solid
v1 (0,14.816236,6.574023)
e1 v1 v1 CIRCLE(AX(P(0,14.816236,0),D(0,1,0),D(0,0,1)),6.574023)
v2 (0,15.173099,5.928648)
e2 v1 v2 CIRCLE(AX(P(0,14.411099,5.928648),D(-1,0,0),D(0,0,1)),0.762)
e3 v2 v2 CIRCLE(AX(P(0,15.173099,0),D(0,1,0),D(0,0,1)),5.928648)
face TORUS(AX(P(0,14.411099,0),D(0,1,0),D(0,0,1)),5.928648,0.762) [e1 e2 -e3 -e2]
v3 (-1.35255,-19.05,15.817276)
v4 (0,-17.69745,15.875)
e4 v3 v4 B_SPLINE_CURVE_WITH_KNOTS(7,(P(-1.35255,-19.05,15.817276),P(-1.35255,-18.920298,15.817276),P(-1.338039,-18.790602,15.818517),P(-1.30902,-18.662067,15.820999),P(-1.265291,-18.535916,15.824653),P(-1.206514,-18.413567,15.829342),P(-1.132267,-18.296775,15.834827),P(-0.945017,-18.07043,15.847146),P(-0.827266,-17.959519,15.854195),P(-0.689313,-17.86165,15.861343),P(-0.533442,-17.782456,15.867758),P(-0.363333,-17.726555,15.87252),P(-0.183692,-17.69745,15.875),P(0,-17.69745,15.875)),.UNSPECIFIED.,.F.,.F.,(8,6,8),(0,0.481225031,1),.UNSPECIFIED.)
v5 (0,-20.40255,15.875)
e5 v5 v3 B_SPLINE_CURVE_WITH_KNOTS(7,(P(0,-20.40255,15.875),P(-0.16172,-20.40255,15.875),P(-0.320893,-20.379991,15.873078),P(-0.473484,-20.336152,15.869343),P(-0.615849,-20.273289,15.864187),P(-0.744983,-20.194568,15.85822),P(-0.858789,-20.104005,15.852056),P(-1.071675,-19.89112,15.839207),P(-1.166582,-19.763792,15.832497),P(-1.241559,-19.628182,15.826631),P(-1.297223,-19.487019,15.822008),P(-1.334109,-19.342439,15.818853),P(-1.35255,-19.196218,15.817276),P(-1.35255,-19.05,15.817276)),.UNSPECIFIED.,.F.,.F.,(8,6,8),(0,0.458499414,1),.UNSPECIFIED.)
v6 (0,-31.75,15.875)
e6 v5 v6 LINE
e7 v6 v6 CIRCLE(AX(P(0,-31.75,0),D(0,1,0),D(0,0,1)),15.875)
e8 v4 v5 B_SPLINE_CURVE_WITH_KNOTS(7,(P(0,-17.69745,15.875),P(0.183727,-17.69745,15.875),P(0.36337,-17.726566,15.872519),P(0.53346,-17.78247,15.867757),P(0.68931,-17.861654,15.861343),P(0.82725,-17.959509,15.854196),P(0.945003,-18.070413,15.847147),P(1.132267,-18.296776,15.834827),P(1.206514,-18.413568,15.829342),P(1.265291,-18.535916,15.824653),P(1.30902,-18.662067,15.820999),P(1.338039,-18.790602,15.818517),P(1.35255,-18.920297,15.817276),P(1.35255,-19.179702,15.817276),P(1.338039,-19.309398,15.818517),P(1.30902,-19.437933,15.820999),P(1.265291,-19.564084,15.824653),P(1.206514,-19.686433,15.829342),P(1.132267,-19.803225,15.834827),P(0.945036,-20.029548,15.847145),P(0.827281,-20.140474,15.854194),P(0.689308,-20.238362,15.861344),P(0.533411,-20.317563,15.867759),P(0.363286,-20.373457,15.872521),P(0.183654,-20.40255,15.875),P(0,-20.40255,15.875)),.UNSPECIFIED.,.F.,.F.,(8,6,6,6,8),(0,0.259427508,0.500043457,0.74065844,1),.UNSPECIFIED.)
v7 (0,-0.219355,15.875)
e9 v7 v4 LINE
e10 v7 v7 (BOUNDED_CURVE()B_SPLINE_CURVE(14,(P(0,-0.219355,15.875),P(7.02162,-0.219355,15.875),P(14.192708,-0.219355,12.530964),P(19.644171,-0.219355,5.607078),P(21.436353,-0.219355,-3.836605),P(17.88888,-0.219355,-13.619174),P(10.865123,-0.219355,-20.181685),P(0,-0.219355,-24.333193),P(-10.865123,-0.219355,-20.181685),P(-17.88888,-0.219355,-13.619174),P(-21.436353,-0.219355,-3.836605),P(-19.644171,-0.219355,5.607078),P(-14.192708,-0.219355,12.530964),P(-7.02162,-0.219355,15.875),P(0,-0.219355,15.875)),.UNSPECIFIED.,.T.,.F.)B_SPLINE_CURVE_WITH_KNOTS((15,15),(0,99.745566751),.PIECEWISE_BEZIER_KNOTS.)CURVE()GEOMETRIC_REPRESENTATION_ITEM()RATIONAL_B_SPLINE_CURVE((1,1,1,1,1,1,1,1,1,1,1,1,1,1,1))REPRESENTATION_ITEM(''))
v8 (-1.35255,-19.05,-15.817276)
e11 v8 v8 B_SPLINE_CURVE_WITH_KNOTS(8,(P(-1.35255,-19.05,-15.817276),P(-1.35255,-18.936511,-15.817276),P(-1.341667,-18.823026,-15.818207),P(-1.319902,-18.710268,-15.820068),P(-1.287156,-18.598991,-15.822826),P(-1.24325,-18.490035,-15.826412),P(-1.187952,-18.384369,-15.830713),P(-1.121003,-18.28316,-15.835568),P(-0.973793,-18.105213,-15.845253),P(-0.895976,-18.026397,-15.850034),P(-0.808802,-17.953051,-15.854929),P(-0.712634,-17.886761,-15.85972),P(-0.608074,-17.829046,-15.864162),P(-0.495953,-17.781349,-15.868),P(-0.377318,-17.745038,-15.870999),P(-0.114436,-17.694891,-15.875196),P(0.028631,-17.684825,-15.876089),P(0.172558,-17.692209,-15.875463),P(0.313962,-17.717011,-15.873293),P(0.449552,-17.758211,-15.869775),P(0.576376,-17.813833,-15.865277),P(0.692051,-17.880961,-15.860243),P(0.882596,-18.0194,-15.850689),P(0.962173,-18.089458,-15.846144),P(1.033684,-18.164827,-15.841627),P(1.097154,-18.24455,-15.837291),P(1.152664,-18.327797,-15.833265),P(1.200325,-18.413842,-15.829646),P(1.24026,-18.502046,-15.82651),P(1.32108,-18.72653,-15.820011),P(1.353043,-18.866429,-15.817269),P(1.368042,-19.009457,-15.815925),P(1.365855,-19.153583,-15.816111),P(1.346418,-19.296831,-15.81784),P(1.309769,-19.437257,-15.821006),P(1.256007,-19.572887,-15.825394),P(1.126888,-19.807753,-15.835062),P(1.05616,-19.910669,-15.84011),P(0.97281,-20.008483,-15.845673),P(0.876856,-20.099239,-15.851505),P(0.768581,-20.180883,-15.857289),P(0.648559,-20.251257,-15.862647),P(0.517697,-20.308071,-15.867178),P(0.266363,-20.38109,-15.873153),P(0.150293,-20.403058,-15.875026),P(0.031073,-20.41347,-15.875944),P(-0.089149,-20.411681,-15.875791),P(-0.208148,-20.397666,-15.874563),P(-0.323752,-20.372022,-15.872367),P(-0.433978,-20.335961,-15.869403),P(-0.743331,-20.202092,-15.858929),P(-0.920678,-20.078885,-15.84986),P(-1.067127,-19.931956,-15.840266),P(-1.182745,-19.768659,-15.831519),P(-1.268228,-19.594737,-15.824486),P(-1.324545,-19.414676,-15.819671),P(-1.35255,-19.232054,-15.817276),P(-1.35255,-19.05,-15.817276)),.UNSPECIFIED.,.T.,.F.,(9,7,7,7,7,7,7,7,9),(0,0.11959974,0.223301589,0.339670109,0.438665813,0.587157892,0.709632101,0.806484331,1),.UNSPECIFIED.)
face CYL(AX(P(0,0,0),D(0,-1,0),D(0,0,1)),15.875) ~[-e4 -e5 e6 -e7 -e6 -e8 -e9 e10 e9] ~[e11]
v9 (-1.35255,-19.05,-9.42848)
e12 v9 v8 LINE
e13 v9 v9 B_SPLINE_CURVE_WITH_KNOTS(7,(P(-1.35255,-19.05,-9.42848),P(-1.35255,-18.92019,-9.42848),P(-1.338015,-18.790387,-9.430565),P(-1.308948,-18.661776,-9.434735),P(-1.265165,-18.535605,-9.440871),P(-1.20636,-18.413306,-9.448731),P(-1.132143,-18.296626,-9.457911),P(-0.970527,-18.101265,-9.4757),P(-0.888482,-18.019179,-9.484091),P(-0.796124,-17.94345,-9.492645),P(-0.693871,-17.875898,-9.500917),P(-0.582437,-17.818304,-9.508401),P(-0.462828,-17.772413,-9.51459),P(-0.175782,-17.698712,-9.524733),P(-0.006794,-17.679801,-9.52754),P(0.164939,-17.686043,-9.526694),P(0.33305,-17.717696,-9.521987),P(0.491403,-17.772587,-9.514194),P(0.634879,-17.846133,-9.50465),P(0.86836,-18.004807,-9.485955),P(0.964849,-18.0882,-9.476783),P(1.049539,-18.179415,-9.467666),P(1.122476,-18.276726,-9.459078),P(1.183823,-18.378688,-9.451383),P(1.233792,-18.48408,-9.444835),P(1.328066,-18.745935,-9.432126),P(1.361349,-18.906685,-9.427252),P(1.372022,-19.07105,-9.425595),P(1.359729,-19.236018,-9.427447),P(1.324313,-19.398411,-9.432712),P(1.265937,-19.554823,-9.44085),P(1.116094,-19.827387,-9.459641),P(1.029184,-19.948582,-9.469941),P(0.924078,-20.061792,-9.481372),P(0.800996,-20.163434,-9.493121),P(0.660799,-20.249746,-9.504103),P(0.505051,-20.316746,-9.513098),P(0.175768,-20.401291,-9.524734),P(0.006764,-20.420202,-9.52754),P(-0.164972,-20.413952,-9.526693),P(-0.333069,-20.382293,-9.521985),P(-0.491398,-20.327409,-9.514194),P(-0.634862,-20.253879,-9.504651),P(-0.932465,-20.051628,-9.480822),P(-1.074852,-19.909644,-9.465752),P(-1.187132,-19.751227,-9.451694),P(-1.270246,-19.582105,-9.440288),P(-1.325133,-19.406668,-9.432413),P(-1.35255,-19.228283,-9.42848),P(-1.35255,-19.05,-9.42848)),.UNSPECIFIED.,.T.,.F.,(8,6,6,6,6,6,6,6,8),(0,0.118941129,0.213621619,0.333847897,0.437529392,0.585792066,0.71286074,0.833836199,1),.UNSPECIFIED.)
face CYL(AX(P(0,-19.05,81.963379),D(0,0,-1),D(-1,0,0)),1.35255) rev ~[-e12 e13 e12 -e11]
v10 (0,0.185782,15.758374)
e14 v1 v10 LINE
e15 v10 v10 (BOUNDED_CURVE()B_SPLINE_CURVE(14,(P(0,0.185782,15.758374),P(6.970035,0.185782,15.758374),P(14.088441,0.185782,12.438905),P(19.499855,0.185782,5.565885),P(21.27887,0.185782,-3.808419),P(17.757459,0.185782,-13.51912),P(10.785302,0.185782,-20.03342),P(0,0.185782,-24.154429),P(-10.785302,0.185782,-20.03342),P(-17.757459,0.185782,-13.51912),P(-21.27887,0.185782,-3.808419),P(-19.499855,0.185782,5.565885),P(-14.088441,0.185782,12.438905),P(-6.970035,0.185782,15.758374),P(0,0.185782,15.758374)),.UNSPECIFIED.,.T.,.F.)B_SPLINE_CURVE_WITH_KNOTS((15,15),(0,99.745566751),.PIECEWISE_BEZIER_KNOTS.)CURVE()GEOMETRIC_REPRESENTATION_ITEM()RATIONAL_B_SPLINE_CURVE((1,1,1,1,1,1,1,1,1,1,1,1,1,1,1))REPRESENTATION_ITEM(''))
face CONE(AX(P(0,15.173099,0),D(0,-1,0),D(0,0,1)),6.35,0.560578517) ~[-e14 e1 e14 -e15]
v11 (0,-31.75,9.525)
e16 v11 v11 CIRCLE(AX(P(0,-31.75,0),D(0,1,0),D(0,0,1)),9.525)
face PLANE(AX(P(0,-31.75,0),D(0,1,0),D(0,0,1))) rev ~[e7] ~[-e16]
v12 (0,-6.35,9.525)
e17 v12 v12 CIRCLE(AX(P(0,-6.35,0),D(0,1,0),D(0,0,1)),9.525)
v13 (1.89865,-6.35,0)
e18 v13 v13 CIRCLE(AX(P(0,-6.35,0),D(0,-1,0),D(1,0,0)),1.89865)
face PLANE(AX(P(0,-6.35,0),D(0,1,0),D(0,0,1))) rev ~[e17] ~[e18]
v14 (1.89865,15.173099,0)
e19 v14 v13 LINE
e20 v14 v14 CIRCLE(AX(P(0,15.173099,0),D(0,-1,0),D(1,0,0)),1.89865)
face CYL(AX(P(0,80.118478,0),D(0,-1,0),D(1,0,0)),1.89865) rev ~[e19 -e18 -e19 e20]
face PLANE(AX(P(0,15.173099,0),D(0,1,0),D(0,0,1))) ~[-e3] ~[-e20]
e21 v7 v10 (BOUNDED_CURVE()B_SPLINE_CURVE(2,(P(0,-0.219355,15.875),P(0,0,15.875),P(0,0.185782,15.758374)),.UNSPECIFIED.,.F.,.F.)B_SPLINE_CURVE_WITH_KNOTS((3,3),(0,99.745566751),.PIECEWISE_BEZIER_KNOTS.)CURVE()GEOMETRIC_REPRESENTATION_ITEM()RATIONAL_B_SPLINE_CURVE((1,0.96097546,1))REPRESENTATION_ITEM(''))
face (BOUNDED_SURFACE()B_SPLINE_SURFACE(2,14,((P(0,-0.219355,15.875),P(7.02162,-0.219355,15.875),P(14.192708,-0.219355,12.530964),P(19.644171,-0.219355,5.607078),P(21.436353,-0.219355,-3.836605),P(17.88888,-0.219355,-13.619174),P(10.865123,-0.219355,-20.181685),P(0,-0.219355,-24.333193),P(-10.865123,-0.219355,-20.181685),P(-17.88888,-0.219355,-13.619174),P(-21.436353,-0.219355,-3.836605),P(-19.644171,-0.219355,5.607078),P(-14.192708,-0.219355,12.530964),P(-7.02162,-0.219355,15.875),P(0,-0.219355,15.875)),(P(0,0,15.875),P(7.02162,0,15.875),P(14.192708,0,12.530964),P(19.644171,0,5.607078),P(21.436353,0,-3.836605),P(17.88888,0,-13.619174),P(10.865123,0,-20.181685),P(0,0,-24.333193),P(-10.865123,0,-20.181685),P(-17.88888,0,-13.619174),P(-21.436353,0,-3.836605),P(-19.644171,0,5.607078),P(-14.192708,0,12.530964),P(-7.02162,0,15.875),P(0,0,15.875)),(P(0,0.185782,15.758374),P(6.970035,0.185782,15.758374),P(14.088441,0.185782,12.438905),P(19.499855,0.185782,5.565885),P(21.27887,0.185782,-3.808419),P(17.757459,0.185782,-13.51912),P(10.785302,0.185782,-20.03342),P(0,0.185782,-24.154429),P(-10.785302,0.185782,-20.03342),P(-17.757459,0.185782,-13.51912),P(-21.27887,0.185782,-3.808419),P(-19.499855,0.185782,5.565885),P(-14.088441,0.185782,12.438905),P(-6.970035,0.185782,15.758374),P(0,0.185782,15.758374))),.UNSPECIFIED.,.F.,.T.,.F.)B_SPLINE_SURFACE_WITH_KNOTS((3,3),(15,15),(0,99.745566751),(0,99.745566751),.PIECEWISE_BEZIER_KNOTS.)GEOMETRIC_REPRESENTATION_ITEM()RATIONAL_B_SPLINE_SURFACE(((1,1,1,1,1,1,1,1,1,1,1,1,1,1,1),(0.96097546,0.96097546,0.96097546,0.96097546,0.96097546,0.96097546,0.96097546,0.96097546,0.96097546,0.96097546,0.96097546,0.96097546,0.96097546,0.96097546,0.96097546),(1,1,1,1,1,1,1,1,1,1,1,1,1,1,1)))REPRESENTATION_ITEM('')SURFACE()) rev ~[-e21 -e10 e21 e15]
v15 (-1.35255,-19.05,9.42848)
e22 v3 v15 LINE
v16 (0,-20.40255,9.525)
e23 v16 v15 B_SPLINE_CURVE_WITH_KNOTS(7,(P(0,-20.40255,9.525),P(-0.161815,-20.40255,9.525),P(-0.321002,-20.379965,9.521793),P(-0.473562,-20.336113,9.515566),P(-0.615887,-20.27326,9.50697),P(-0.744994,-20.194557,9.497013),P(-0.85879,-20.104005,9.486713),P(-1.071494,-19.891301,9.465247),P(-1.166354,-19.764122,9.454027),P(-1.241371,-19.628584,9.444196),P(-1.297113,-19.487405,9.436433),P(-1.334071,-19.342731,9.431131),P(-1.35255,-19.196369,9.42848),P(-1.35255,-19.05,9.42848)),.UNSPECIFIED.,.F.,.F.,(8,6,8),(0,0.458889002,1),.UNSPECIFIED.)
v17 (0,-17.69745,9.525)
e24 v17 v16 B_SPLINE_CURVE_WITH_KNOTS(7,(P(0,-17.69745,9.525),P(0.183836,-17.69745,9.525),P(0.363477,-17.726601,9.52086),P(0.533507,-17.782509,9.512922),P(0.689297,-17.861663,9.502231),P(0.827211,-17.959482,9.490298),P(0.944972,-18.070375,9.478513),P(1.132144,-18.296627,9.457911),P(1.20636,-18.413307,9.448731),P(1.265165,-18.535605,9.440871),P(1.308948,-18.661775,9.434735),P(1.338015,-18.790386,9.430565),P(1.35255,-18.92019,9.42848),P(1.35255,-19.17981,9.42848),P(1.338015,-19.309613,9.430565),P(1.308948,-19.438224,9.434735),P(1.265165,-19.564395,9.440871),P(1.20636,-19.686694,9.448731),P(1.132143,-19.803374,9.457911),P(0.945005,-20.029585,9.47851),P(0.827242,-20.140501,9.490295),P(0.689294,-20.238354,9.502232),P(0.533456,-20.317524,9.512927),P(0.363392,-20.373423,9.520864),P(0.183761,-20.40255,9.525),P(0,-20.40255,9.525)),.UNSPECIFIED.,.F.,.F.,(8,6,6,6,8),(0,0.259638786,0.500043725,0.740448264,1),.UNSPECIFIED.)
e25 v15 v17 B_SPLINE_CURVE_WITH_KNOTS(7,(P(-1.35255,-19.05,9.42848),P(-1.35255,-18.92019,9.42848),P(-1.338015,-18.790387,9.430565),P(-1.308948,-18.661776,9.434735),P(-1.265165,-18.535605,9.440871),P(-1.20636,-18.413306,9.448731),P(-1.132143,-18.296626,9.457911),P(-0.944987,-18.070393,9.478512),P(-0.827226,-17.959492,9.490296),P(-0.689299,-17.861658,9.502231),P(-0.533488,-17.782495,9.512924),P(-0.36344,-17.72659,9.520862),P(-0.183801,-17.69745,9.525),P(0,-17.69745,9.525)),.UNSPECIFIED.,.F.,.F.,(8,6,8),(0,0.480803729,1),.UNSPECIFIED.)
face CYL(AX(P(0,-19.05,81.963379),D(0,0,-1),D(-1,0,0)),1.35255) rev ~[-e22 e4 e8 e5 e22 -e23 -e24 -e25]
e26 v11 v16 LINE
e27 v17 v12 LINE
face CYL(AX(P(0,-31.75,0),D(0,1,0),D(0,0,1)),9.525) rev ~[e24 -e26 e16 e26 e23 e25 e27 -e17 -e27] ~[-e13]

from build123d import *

# Parameters (mm, degrees)
F3_D = 3.7973
F6_D = 2.7051
F7_R = 0.762


with BuildPart() as f1:
    # F0 (on Right) → F1 (revolve)
    with BuildSketch(Plane.YZ):
        Polygon((0, 15.875), (-31.75, 15.875), (-31.75, 9.525), (-6.35, 9.525), (-6.35, 0), (15.1730990037, 0), (15.1730990037, 6.35), align=None)
    revolve(axis=Axis((0, 4.4115495019, 0), (0, 1, 0)))

    # F3 (through all)
    with Locations(Plane(origin=(0, 15.1730990037, 0), x_dir=(-1, 0, 0), z_dir=(0, 1, 0))):
        with Locations((0, 0)):
            Hole(F3_D / 2)

    # F6 (through all)
    with Locations(Plane.XY.offset(17.018)):
        with Locations((0, -19.05)):
            Hole(F6_D / 2)

    # F7
    f7_edges = [f1.edges().sort_by_distance(p)[0] for p in [
        (0, 15.173099, -6.35),
        (0, 0, -15.875),
    ]]
    fillet(f7_edges, radius=F7_R)


solid = f1.part
